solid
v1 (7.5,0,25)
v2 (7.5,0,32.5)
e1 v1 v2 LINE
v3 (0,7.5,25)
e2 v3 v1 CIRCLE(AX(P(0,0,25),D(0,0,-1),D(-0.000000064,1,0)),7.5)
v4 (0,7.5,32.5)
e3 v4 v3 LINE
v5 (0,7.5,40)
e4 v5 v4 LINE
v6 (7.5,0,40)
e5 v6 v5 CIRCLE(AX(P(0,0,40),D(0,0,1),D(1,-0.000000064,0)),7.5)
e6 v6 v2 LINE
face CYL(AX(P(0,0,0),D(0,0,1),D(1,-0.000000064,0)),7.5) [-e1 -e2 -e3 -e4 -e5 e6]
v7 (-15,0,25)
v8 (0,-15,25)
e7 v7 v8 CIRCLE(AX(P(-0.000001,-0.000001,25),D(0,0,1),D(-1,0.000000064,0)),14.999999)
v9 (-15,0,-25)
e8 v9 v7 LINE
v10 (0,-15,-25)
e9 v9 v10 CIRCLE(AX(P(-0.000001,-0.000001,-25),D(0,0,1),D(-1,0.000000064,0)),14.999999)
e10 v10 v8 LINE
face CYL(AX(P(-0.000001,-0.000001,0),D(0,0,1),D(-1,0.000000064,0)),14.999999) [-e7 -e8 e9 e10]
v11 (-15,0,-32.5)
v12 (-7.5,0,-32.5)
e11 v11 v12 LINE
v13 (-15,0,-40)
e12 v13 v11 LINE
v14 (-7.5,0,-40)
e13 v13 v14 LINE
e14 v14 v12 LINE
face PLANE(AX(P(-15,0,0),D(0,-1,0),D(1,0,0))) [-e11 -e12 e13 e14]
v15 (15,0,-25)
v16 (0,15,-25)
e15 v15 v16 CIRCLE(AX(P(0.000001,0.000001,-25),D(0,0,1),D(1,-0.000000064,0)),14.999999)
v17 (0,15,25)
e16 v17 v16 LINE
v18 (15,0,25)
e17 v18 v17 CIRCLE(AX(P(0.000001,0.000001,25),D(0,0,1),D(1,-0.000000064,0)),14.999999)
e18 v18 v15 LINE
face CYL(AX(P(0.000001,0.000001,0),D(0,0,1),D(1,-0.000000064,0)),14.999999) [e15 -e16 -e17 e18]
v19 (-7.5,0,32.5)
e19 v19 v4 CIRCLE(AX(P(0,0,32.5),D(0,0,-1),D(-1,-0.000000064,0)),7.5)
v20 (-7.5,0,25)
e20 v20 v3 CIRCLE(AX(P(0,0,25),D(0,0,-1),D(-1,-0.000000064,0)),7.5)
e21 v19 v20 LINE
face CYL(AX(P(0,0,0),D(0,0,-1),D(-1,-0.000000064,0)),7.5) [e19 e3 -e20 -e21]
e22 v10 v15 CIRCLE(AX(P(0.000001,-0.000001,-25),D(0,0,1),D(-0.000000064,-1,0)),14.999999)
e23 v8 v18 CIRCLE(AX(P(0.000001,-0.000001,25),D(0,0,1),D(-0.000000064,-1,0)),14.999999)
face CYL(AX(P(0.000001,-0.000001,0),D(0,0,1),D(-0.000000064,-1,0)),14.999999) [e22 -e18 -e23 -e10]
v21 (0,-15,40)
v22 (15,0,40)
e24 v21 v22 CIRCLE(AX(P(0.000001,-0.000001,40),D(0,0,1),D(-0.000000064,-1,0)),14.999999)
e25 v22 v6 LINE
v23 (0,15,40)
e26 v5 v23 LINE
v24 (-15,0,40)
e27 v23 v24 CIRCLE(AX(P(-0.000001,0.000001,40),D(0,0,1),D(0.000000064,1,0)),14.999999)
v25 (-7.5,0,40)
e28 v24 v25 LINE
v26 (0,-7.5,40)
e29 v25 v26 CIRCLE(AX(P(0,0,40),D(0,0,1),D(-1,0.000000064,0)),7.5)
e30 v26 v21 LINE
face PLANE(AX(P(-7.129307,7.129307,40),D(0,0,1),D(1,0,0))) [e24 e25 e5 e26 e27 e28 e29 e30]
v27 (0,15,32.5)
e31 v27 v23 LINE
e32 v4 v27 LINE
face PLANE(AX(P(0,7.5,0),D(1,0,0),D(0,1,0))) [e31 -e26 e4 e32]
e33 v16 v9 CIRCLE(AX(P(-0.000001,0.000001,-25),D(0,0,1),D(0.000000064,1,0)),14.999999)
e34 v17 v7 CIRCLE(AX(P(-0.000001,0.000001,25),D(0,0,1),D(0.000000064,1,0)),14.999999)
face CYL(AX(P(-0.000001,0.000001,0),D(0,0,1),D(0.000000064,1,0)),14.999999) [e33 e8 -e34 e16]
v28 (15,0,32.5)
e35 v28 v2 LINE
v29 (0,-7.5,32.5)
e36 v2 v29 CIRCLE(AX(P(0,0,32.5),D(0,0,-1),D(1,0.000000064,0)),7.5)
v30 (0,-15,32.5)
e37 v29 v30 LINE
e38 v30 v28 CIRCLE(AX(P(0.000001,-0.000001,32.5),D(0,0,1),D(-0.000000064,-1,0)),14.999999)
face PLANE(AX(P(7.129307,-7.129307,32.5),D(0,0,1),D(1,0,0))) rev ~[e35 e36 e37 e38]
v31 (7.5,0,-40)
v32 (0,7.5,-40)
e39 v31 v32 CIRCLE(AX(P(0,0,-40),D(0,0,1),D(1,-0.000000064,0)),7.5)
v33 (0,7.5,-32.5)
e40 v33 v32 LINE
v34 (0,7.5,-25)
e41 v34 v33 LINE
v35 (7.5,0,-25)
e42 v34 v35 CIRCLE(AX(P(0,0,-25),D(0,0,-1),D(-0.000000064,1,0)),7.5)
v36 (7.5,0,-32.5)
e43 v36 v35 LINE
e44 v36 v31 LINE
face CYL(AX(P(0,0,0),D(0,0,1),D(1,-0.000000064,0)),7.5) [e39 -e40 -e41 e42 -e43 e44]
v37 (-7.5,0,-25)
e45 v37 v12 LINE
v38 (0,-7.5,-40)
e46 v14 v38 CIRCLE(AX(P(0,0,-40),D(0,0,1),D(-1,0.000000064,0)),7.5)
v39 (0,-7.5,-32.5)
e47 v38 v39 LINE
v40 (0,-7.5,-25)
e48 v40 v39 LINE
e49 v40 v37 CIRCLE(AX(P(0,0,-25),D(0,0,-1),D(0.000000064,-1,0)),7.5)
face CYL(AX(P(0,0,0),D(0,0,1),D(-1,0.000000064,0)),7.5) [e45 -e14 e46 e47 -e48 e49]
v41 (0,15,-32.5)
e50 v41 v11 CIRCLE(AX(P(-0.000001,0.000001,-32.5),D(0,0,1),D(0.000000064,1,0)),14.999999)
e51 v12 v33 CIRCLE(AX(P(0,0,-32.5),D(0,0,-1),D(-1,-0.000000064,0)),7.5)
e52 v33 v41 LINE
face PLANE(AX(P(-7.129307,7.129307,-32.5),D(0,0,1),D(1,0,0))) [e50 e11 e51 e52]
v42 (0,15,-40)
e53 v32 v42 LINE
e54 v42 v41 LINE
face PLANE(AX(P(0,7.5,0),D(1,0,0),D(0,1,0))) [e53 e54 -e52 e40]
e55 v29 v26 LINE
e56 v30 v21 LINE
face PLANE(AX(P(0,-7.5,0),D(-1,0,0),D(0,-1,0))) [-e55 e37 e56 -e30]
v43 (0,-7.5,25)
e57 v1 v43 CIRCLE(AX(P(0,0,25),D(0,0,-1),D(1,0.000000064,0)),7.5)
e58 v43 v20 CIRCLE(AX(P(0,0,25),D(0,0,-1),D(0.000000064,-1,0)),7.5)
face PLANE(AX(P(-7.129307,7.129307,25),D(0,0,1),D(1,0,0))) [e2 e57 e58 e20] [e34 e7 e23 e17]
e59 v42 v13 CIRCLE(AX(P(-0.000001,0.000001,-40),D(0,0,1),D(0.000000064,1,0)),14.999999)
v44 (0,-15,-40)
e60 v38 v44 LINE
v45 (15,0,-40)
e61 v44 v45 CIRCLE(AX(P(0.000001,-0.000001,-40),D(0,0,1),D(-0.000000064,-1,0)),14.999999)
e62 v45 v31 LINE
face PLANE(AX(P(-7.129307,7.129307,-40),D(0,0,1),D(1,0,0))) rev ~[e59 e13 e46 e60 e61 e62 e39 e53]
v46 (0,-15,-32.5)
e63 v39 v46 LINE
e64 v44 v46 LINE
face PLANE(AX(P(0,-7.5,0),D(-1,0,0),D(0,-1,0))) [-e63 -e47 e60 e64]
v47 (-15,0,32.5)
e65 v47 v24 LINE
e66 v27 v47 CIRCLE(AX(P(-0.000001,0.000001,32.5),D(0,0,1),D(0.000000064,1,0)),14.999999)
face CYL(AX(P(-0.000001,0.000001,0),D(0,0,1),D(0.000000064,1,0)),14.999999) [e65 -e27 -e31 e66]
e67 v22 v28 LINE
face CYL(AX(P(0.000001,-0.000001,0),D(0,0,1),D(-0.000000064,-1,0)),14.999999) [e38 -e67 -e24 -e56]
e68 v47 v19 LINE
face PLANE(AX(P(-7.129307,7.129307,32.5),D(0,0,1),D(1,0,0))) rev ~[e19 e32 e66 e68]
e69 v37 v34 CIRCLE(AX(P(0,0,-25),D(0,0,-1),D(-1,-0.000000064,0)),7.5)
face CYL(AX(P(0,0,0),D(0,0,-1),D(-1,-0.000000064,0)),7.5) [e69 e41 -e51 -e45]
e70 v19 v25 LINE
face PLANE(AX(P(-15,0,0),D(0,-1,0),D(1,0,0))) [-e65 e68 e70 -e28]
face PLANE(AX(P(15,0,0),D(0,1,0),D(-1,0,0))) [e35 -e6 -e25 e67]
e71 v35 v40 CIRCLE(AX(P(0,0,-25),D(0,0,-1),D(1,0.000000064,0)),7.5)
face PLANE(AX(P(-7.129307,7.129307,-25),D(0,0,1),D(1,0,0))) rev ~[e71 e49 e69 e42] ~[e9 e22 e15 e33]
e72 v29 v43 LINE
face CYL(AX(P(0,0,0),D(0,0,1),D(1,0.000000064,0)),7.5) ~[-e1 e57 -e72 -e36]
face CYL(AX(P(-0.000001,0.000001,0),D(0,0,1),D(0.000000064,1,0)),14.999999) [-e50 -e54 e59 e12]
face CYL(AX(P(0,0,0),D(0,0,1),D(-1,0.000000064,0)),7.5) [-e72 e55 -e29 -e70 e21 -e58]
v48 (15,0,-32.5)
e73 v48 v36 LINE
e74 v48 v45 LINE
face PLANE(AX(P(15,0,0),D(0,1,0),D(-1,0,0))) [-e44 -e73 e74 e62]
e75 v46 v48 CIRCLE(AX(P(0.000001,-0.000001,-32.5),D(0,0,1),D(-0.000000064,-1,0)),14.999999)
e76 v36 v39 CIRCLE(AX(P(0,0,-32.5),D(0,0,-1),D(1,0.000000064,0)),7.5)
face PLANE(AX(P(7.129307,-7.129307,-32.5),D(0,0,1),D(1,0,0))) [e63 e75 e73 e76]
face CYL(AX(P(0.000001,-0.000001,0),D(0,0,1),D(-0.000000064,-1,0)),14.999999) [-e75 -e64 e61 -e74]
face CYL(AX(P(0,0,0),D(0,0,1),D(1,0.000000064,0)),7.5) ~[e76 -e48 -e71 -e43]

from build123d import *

# Parameters (mm, degrees)
F1_DEPTH = 40
F2_DEPTH = 32.5
F3_DEPTH = 25


with BuildPart() as f1:
    # F0 (on Top) → F1 (new body, symmetric)
    with BuildSketch(Plane.XY):
        with BuildLine():
            Line((0, 7.5), (0, 15))
            ThreePointArc((0, 15), (-10.606602, 10.606602), (-15, 0))
            Line((-15, 0), (-7.5, 0))
            ThreePointArc((-7.5, 0), (-5.303301, 5.303301), (0, 7.5))
        make_face()
        with BuildLine():
            ThreePointArc((0, -15), (10.606602, -10.606602), (15, 0))
            Line((15, 0), (7.5, 0))
            ThreePointArc((7.5, 0), (5.303301, -5.303301), (0, -7.5))
            Line((0, -7.5), (0, -15))
        make_face()
        with BuildLine():
            ThreePointArc((0, -7.5), (5.303301, -5.303301), (7.5, 0))
            ThreePointArc((7.5, 0), (5.303301, 5.303301), (0, 7.5))
            ThreePointArc((0, 7.5), (-5.303301, 5.303301), (-7.5, 0))
            ThreePointArc((-7.5, 0), (-5.303301, -5.303301), (0, -7.5))
        make_face()
    extrude(amount=F1_DEPTH, both=True)

    # F0 (on Top) → F2 (cut, symmetric)
    with BuildSketch(Plane.XY):
        with BuildLine():
            Line((0, 7.5), (0, 15))
            ThreePointArc((0, 15), (-10.606602, 10.606602), (-15, 0))
            Line((-15, 0), (-7.5, 0))
            ThreePointArc((-7.5, 0), (-5.303301, 5.303301), (0, 7.5))
        make_face()
        with BuildLine():
            ThreePointArc((0, -15), (10.606602, -10.606602), (15, 0))
            Line((15, 0), (7.5, 0))
            ThreePointArc((7.5, 0), (5.303301, -5.303301), (0, -7.5))
            Line((0, -7.5), (0, -15))
        make_face()
    extrude(amount=F2_DEPTH, both=True, mode=Mode.SUBTRACT)

    # F0 (on Top) → F3 (join, symmetric)
    with BuildSketch(Plane.XY):
        with BuildLine():
            Line((0, 7.5), (0, 15))
            ThreePointArc((0, 15), (-10.606602, 10.606602), (-15, 0))
            Line((-15, 0), (-7.5, 0))
            ThreePointArc((-7.5, 0), (-5.303301, 5.303301), (0, 7.5))
        make_face()
        with BuildLine():
            ThreePointArc((-15, 0), (-10.606602, -10.606602), (0, -15))
            Line((0, -15), (0, -7.5))
            ThreePointArc((0, -7.5), (-5.303301, -5.303301), (-7.5, 0))
            Line((-7.5, 0), (-15, 0))
        make_face()
        with BuildLine():
            Line((7.5, 0), (15, 0))
            ThreePointArc((15, 0), (10.606602, 10.606602), (0, 15))
            Line((0, 15), (0, 7.5))
            ThreePointArc((0, 7.5), (5.303301, 5.303301), (7.5, 0))
        make_face()
        with BuildLine():
            ThreePointArc((0, -15), (10.606602, -10.606602), (15, 0))
            Line((15, 0), (7.5, 0))
            ThreePointArc((7.5, 0), (5.303301, -5.303301), (0, -7.5))
            Line((0, -7.5), (0, -15))
        make_face()
    extrude(amount=F3_DEPTH, both=True)


solid = f1.part
